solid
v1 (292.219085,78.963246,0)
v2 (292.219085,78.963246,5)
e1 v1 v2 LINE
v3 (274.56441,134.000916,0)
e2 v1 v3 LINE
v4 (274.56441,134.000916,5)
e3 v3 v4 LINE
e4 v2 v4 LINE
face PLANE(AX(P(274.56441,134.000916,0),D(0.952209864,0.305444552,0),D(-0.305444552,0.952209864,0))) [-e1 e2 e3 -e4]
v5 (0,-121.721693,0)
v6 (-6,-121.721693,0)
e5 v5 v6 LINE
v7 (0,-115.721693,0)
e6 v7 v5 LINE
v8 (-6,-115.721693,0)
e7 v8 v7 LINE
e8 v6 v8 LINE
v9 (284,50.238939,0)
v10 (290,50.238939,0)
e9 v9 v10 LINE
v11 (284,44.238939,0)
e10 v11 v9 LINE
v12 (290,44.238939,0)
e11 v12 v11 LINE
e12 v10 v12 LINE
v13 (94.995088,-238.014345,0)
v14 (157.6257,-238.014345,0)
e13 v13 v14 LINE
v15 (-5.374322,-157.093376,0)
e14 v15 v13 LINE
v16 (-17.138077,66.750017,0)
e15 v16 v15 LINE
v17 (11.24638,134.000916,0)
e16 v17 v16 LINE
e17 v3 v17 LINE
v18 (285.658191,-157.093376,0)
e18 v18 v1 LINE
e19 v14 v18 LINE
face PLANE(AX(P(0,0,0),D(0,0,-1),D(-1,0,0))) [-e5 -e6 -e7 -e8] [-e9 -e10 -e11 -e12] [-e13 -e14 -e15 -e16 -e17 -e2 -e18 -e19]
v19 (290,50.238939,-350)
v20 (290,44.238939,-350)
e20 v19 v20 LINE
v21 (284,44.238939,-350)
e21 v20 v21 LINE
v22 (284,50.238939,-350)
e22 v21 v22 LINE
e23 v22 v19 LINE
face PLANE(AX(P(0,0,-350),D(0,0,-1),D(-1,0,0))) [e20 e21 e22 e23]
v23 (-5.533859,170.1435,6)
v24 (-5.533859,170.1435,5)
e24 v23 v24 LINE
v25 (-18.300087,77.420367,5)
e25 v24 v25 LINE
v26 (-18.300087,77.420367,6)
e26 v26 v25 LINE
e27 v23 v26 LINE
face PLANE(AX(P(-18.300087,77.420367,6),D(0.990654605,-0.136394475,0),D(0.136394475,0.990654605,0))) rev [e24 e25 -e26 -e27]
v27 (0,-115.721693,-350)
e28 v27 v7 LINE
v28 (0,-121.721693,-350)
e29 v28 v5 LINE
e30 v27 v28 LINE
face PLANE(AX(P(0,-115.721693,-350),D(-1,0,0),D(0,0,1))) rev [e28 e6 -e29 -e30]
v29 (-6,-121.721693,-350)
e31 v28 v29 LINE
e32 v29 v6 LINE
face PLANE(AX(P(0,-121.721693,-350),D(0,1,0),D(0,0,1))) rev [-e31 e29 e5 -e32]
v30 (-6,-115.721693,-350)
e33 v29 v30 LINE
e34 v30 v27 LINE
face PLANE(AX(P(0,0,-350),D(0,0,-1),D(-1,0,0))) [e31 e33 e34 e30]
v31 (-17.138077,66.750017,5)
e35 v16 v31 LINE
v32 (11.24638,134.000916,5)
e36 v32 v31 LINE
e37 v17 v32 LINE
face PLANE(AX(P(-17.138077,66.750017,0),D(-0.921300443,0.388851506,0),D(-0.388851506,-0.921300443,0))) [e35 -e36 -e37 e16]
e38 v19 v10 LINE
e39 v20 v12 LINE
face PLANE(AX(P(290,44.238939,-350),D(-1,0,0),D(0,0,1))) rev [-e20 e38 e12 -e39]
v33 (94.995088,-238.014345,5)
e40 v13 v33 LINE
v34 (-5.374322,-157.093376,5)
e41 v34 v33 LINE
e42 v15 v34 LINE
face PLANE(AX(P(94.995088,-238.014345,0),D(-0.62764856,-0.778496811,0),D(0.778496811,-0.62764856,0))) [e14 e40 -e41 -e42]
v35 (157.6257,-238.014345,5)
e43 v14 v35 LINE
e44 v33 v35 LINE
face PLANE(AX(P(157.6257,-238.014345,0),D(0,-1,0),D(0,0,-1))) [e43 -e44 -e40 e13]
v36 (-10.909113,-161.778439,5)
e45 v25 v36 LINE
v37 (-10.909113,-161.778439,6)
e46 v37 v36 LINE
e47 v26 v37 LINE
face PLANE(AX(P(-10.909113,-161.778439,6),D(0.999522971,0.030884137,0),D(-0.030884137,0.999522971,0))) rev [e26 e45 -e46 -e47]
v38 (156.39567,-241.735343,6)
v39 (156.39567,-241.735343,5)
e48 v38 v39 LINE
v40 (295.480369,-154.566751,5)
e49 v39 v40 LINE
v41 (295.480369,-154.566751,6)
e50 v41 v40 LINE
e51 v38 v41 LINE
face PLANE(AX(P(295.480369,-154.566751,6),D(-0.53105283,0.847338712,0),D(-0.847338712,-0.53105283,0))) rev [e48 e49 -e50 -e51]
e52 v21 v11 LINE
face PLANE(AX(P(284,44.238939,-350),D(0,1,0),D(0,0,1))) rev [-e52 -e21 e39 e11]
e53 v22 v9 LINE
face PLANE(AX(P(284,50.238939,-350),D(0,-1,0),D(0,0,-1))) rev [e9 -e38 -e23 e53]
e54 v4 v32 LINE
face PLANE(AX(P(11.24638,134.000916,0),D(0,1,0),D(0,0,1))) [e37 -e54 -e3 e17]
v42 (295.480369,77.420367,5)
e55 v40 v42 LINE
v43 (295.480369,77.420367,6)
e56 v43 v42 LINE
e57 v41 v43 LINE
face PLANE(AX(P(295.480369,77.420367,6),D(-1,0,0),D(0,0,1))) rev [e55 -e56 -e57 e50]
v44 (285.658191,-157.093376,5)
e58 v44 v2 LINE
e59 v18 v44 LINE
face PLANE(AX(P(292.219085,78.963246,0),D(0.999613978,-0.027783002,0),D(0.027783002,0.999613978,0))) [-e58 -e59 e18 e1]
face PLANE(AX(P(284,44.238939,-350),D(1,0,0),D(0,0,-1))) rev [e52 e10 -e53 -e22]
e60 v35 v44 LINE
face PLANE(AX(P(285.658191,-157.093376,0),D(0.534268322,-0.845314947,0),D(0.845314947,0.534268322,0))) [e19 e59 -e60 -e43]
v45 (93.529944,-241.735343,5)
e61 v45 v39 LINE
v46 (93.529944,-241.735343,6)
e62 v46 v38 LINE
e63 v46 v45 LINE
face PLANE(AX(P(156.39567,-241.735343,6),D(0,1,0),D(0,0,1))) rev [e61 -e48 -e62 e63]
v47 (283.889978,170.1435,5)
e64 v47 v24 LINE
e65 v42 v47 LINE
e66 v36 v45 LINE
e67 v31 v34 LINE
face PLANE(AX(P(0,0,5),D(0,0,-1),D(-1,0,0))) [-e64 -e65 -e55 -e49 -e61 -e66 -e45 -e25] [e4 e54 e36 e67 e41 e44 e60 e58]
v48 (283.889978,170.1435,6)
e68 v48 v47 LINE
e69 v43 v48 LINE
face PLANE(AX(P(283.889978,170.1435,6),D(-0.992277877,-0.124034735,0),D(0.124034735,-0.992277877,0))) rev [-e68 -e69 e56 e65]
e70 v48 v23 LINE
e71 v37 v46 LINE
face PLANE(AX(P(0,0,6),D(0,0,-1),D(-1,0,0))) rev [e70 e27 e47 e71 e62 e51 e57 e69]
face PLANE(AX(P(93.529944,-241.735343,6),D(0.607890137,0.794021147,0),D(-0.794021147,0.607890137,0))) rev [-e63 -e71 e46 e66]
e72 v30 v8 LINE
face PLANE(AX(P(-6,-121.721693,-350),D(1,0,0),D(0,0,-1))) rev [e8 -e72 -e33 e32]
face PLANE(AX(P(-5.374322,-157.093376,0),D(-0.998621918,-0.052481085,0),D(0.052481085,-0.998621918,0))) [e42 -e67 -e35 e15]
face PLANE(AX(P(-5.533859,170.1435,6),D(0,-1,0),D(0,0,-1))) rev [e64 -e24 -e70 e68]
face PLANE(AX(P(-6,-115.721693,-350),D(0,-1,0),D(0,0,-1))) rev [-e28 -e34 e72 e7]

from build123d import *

# Parameters (mm, degrees)
ESQUISSE1_W        = 50
ESQUISSE1_H        = 50
BOSS_EXTRU_1_DEPTH = 5
BOSS_EXTRU_2_DEPTH = 5
ESQUISSE3_W        = 6
ESQUISSE3_H        = 6
BOSS_EXTRU_3_DEPTH = 350
BOSS_EXTRU_4_DEPTH = 1


with BuildPart() as part:
    # Esquisse1 → Boss.-Extru.1 (new body)
    with BuildSketch(Plane.XY):
        with Locations((25, 25)):
            Rectangle(ESQUISSE1_W, ESQUISSE1_H)
    extrude(amount=BOSS_EXTRU_1_DEPTH)

    # Esquisse2 → Boss.-Extru.2 (add)
    with BuildSketch(Plane.XY.offset(5)):
        Polygon((-17.13807747, 66.750016637), (11.246380261, 134.000915956), (274.564409595, 134.000915956), (292.219085418, 78.963245992), (285.658191139, -157.093376415), (157.625700404, -238.014344585), (94.995088054, -238.014344585), (-5.374322013, -157.093376415), align=None)
    extrude(amount=-BOSS_EXTRU_2_DEPTH)

    # Esquisse3 → Boss.-Extru.3 (add)
    with BuildSketch(Plane(origin=(0, 0, 0), x_dir=(-1, 0, 0), z_dir=(0, 0, -1))):
        with Locations((3, -118.721693301)):
            Rectangle(ESQUISSE3_W, ESQUISSE3_H)
        with Locations((-287, 47.238939464)):
            Rectangle(ESQUISSE3_W, ESQUISSE3_H)
    extrude(amount=BOSS_EXTRU_3_DEPTH)

    # Esquisse4 → Boss.-Extru.4 (add)
    with BuildSketch(Plane.XY.offset(5)):
        Polygon((-5.533858716, 170.143499993), (283.889977684, 170.143499993), (295.480369275, 77.420367263), (295.480369275, -154.566750541), (156.395670181, -241.735343219), (93.529944497, -241.735343219), (-10.909112788, -161.778438909), (-18.300087136, 77.420367263), align=None)
    extrude(amount=BOSS_EXTRU_4_DEPTH)


solid = part.part
